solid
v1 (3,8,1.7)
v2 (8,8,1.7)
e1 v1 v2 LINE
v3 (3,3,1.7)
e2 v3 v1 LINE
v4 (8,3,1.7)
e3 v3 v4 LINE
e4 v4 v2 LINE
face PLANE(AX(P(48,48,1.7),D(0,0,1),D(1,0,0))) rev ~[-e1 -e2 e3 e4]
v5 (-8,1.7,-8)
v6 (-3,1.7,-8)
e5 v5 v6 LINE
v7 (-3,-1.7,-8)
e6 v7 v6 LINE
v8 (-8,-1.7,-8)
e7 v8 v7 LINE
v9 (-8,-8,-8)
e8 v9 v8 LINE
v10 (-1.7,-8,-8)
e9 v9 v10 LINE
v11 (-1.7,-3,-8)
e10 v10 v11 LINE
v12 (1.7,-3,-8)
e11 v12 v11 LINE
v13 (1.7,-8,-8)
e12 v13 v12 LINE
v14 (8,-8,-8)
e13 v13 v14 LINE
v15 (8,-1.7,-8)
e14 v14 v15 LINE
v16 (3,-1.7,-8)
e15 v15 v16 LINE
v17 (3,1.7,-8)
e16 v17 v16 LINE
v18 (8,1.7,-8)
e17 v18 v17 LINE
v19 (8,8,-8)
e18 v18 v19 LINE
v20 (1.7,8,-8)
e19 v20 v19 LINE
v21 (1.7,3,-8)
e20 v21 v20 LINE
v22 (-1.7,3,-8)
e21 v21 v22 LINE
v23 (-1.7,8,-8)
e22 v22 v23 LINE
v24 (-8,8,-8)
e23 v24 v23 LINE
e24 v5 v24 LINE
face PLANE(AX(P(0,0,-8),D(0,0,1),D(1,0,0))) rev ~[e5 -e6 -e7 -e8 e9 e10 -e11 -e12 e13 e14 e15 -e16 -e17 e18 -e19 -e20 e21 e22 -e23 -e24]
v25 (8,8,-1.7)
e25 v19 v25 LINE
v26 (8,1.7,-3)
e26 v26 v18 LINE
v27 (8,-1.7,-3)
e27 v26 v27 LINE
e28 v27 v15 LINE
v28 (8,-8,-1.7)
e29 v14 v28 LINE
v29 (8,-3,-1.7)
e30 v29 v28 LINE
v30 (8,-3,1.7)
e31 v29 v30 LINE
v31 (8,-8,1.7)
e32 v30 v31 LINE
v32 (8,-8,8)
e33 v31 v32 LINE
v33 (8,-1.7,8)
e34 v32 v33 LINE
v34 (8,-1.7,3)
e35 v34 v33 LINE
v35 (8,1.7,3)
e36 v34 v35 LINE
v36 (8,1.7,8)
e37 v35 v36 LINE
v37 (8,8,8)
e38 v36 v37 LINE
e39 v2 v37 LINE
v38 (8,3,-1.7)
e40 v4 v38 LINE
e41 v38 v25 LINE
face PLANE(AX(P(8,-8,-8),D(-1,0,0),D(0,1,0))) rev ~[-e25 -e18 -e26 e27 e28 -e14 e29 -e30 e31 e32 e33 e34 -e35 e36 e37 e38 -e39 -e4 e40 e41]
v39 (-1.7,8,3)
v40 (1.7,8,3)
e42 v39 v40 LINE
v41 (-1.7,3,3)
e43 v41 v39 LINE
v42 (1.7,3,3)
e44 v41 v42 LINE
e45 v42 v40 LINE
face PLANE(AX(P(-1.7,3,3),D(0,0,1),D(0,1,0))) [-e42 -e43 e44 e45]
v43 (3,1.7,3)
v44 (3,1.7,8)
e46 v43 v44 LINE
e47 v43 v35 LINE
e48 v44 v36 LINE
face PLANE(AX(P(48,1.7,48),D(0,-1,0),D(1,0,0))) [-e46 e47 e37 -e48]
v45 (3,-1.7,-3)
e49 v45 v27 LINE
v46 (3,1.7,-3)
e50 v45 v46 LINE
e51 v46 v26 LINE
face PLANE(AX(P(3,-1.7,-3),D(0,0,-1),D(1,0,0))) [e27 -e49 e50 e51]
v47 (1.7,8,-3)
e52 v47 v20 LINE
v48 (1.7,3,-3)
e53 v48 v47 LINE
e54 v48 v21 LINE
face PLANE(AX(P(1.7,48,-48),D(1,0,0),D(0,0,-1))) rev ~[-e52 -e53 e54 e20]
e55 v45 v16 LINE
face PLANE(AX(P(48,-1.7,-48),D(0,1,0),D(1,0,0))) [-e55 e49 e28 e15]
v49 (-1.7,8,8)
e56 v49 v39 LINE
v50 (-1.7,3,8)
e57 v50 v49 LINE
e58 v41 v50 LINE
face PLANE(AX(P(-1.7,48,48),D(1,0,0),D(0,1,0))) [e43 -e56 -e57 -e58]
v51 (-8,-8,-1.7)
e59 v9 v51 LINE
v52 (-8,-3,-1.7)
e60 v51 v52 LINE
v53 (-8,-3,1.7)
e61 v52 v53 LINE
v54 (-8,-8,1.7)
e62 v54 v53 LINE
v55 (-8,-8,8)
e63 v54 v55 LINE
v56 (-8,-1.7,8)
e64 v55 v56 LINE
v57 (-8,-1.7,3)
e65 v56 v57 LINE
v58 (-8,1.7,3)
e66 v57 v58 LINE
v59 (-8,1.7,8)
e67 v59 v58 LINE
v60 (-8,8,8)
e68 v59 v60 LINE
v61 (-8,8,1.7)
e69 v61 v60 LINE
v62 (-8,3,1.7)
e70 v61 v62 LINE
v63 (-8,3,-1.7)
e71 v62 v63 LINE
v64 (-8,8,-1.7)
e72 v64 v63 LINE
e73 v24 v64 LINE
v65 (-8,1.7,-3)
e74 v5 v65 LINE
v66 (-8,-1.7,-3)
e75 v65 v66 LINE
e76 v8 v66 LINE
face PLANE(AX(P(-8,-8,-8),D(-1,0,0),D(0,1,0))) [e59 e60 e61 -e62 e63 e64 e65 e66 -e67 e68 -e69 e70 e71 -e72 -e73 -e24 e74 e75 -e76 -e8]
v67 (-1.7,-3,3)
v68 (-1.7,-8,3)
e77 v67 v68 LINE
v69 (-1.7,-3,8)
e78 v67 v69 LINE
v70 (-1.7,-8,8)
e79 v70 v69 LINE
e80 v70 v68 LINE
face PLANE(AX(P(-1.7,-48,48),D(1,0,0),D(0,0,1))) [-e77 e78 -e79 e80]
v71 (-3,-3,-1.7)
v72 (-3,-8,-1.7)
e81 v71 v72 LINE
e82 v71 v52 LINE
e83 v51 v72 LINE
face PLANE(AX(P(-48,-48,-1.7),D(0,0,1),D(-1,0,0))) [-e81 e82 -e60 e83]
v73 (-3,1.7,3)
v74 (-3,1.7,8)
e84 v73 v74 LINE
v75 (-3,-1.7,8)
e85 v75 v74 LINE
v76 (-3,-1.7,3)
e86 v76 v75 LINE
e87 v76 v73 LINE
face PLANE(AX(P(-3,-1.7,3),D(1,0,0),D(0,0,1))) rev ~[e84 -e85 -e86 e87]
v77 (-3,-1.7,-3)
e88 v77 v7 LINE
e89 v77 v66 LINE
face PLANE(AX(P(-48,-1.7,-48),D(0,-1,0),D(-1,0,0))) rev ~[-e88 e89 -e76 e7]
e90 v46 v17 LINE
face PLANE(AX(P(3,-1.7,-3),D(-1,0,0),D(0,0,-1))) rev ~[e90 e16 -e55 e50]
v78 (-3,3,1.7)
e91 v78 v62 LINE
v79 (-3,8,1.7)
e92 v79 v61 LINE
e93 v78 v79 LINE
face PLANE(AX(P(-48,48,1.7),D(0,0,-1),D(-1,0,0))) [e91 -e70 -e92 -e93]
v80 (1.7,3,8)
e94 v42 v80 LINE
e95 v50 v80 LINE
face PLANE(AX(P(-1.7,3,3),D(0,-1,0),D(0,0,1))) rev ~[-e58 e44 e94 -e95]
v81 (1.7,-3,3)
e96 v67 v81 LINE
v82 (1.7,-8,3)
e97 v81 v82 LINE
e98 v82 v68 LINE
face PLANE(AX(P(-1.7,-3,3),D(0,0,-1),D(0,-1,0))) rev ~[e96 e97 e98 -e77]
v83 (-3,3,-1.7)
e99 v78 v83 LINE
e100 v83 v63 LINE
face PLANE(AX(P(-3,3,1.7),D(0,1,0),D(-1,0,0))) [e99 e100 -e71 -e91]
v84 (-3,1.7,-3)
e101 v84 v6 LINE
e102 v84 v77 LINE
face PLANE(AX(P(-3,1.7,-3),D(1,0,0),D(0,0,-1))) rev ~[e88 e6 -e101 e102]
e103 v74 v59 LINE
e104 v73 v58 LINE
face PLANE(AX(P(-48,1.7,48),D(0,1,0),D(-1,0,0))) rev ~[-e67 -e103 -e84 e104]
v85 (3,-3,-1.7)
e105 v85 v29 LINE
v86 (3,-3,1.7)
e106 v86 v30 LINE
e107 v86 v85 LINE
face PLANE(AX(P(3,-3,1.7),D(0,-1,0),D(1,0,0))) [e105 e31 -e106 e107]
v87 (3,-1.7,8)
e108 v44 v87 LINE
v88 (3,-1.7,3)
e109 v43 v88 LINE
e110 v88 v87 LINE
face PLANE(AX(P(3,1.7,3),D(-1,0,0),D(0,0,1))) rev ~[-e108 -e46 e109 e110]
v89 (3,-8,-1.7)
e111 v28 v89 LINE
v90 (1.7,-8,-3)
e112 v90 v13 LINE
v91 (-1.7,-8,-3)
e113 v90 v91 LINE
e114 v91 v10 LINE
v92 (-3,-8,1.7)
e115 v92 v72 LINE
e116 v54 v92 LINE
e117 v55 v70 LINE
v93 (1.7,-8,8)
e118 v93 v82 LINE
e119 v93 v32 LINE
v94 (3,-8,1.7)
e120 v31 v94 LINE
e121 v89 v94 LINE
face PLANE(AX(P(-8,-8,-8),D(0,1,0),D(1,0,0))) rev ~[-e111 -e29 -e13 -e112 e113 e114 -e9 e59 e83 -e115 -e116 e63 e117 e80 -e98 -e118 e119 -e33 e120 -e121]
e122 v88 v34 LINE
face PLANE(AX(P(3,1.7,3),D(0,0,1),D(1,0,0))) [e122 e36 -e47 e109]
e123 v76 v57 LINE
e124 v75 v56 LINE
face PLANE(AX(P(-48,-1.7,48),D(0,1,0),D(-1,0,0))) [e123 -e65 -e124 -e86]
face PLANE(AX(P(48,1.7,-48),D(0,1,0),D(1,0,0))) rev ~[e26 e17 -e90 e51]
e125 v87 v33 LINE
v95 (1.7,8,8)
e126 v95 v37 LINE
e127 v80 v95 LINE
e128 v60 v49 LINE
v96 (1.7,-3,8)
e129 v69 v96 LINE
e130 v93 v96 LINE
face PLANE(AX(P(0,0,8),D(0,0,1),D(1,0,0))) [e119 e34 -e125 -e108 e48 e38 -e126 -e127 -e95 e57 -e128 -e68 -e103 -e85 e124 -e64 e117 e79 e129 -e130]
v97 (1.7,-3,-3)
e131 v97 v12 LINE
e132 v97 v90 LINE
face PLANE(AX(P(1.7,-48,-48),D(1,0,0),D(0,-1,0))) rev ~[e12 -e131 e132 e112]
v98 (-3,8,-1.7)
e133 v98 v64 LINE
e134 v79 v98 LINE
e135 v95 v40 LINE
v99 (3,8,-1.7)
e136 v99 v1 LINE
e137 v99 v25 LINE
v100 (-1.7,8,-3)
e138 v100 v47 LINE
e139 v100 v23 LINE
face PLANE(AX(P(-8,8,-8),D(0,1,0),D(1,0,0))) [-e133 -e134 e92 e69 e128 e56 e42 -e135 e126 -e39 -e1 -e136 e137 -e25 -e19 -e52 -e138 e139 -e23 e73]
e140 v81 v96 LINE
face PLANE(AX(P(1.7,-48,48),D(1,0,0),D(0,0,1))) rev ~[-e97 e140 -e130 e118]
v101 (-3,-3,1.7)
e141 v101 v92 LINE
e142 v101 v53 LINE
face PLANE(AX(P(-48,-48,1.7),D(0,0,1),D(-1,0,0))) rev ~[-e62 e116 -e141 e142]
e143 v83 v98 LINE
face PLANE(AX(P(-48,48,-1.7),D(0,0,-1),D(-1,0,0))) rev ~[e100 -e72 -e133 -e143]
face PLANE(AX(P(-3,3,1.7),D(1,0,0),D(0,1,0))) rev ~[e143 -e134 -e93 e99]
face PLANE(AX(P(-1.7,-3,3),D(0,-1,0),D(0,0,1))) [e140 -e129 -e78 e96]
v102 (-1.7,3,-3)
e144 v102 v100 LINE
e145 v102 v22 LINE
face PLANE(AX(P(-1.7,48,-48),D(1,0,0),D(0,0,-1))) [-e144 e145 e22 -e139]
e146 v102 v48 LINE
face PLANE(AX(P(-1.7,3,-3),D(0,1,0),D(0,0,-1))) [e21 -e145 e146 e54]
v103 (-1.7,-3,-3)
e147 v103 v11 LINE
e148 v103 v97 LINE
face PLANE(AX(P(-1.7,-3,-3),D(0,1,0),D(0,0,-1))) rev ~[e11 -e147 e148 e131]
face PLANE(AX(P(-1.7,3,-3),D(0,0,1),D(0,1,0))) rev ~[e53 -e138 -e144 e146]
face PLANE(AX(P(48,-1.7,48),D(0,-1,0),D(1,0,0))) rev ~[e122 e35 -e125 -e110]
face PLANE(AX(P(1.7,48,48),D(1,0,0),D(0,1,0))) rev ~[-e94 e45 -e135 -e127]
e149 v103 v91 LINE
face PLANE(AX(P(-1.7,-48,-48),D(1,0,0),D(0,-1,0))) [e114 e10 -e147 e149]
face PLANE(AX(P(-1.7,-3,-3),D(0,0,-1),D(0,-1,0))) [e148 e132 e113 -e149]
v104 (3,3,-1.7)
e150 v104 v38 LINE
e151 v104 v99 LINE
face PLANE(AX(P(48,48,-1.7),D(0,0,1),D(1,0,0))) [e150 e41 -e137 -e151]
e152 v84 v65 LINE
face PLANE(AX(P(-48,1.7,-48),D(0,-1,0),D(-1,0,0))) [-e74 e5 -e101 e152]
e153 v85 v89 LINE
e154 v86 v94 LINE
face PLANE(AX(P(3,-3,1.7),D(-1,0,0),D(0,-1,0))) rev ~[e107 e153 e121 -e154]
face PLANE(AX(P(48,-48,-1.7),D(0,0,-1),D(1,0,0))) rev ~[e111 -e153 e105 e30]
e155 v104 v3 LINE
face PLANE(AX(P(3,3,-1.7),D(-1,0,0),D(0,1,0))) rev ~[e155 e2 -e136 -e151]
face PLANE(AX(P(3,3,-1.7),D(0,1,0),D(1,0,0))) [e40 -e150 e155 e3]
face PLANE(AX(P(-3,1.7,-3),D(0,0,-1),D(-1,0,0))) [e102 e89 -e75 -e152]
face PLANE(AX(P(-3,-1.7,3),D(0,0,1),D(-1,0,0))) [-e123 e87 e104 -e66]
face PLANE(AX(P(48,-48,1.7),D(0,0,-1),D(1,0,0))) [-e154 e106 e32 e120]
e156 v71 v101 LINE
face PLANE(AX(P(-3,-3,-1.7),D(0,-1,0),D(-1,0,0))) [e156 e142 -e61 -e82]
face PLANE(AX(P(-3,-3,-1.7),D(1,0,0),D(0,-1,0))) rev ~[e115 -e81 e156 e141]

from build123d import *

# Parameters (mm, degrees)
BOX002_W       = 90
BOX002_H       = 90
BOX002_DEPTH   = 3.4
ARRAY004_COUNT = 3
ARRAY004_ANGLE = 180
ARRAY_COUNT    = 4
BOX_W          = 16
BOX_H          = 16
BOX_DEPTH      = 16


with BuildPart() as array:
    # Box002 → Box002 (new body)
    with BuildSketch(Plane(origin=(3, 3, -1.7), x_dir=(1, 0, 0), z_dir=(0, 0, 1))):
        with Locations((45, 45)):
            Rectangle(BOX002_W, BOX002_H)
    extrude(amount=BOX002_DEPTH)

    # Array004: Array ×3 about axis
    array004_axis = Axis((0, 0, 0), (0, 1, 0))


with BuildPart() as array_1:
    add(array.part)
    for i in range(1, ARRAY004_COUNT):
        add(array.part.rotate(array004_axis, i * ARRAY004_ANGLE / (ARRAY004_COUNT - 1)))

    # Array: Array ×4 about axis
    array_axis = Axis((0, 0, 0), (1, 0, 0))


with BuildPart() as array_2:
    add(array_1.part)
    for i in range(1, ARRAY_COUNT):
        add(array_1.part.rotate(array_axis, i * 360 / ARRAY_COUNT))


with BuildPart() as cut001:
    # Box → Box (new body)
    with BuildSketch(Plane(origin=(-8, -8, -8), x_dir=(1, 0, 0), z_dir=(0, 0, 1))):
        with Locations((8, 8)):
            Rectangle(BOX_W, BOX_H)
    extrude(amount=BOX_DEPTH)

    # Cut001: cut Array
    add(array_2.part, mode=Mode.SUBTRACT)


solid = cut001.part
